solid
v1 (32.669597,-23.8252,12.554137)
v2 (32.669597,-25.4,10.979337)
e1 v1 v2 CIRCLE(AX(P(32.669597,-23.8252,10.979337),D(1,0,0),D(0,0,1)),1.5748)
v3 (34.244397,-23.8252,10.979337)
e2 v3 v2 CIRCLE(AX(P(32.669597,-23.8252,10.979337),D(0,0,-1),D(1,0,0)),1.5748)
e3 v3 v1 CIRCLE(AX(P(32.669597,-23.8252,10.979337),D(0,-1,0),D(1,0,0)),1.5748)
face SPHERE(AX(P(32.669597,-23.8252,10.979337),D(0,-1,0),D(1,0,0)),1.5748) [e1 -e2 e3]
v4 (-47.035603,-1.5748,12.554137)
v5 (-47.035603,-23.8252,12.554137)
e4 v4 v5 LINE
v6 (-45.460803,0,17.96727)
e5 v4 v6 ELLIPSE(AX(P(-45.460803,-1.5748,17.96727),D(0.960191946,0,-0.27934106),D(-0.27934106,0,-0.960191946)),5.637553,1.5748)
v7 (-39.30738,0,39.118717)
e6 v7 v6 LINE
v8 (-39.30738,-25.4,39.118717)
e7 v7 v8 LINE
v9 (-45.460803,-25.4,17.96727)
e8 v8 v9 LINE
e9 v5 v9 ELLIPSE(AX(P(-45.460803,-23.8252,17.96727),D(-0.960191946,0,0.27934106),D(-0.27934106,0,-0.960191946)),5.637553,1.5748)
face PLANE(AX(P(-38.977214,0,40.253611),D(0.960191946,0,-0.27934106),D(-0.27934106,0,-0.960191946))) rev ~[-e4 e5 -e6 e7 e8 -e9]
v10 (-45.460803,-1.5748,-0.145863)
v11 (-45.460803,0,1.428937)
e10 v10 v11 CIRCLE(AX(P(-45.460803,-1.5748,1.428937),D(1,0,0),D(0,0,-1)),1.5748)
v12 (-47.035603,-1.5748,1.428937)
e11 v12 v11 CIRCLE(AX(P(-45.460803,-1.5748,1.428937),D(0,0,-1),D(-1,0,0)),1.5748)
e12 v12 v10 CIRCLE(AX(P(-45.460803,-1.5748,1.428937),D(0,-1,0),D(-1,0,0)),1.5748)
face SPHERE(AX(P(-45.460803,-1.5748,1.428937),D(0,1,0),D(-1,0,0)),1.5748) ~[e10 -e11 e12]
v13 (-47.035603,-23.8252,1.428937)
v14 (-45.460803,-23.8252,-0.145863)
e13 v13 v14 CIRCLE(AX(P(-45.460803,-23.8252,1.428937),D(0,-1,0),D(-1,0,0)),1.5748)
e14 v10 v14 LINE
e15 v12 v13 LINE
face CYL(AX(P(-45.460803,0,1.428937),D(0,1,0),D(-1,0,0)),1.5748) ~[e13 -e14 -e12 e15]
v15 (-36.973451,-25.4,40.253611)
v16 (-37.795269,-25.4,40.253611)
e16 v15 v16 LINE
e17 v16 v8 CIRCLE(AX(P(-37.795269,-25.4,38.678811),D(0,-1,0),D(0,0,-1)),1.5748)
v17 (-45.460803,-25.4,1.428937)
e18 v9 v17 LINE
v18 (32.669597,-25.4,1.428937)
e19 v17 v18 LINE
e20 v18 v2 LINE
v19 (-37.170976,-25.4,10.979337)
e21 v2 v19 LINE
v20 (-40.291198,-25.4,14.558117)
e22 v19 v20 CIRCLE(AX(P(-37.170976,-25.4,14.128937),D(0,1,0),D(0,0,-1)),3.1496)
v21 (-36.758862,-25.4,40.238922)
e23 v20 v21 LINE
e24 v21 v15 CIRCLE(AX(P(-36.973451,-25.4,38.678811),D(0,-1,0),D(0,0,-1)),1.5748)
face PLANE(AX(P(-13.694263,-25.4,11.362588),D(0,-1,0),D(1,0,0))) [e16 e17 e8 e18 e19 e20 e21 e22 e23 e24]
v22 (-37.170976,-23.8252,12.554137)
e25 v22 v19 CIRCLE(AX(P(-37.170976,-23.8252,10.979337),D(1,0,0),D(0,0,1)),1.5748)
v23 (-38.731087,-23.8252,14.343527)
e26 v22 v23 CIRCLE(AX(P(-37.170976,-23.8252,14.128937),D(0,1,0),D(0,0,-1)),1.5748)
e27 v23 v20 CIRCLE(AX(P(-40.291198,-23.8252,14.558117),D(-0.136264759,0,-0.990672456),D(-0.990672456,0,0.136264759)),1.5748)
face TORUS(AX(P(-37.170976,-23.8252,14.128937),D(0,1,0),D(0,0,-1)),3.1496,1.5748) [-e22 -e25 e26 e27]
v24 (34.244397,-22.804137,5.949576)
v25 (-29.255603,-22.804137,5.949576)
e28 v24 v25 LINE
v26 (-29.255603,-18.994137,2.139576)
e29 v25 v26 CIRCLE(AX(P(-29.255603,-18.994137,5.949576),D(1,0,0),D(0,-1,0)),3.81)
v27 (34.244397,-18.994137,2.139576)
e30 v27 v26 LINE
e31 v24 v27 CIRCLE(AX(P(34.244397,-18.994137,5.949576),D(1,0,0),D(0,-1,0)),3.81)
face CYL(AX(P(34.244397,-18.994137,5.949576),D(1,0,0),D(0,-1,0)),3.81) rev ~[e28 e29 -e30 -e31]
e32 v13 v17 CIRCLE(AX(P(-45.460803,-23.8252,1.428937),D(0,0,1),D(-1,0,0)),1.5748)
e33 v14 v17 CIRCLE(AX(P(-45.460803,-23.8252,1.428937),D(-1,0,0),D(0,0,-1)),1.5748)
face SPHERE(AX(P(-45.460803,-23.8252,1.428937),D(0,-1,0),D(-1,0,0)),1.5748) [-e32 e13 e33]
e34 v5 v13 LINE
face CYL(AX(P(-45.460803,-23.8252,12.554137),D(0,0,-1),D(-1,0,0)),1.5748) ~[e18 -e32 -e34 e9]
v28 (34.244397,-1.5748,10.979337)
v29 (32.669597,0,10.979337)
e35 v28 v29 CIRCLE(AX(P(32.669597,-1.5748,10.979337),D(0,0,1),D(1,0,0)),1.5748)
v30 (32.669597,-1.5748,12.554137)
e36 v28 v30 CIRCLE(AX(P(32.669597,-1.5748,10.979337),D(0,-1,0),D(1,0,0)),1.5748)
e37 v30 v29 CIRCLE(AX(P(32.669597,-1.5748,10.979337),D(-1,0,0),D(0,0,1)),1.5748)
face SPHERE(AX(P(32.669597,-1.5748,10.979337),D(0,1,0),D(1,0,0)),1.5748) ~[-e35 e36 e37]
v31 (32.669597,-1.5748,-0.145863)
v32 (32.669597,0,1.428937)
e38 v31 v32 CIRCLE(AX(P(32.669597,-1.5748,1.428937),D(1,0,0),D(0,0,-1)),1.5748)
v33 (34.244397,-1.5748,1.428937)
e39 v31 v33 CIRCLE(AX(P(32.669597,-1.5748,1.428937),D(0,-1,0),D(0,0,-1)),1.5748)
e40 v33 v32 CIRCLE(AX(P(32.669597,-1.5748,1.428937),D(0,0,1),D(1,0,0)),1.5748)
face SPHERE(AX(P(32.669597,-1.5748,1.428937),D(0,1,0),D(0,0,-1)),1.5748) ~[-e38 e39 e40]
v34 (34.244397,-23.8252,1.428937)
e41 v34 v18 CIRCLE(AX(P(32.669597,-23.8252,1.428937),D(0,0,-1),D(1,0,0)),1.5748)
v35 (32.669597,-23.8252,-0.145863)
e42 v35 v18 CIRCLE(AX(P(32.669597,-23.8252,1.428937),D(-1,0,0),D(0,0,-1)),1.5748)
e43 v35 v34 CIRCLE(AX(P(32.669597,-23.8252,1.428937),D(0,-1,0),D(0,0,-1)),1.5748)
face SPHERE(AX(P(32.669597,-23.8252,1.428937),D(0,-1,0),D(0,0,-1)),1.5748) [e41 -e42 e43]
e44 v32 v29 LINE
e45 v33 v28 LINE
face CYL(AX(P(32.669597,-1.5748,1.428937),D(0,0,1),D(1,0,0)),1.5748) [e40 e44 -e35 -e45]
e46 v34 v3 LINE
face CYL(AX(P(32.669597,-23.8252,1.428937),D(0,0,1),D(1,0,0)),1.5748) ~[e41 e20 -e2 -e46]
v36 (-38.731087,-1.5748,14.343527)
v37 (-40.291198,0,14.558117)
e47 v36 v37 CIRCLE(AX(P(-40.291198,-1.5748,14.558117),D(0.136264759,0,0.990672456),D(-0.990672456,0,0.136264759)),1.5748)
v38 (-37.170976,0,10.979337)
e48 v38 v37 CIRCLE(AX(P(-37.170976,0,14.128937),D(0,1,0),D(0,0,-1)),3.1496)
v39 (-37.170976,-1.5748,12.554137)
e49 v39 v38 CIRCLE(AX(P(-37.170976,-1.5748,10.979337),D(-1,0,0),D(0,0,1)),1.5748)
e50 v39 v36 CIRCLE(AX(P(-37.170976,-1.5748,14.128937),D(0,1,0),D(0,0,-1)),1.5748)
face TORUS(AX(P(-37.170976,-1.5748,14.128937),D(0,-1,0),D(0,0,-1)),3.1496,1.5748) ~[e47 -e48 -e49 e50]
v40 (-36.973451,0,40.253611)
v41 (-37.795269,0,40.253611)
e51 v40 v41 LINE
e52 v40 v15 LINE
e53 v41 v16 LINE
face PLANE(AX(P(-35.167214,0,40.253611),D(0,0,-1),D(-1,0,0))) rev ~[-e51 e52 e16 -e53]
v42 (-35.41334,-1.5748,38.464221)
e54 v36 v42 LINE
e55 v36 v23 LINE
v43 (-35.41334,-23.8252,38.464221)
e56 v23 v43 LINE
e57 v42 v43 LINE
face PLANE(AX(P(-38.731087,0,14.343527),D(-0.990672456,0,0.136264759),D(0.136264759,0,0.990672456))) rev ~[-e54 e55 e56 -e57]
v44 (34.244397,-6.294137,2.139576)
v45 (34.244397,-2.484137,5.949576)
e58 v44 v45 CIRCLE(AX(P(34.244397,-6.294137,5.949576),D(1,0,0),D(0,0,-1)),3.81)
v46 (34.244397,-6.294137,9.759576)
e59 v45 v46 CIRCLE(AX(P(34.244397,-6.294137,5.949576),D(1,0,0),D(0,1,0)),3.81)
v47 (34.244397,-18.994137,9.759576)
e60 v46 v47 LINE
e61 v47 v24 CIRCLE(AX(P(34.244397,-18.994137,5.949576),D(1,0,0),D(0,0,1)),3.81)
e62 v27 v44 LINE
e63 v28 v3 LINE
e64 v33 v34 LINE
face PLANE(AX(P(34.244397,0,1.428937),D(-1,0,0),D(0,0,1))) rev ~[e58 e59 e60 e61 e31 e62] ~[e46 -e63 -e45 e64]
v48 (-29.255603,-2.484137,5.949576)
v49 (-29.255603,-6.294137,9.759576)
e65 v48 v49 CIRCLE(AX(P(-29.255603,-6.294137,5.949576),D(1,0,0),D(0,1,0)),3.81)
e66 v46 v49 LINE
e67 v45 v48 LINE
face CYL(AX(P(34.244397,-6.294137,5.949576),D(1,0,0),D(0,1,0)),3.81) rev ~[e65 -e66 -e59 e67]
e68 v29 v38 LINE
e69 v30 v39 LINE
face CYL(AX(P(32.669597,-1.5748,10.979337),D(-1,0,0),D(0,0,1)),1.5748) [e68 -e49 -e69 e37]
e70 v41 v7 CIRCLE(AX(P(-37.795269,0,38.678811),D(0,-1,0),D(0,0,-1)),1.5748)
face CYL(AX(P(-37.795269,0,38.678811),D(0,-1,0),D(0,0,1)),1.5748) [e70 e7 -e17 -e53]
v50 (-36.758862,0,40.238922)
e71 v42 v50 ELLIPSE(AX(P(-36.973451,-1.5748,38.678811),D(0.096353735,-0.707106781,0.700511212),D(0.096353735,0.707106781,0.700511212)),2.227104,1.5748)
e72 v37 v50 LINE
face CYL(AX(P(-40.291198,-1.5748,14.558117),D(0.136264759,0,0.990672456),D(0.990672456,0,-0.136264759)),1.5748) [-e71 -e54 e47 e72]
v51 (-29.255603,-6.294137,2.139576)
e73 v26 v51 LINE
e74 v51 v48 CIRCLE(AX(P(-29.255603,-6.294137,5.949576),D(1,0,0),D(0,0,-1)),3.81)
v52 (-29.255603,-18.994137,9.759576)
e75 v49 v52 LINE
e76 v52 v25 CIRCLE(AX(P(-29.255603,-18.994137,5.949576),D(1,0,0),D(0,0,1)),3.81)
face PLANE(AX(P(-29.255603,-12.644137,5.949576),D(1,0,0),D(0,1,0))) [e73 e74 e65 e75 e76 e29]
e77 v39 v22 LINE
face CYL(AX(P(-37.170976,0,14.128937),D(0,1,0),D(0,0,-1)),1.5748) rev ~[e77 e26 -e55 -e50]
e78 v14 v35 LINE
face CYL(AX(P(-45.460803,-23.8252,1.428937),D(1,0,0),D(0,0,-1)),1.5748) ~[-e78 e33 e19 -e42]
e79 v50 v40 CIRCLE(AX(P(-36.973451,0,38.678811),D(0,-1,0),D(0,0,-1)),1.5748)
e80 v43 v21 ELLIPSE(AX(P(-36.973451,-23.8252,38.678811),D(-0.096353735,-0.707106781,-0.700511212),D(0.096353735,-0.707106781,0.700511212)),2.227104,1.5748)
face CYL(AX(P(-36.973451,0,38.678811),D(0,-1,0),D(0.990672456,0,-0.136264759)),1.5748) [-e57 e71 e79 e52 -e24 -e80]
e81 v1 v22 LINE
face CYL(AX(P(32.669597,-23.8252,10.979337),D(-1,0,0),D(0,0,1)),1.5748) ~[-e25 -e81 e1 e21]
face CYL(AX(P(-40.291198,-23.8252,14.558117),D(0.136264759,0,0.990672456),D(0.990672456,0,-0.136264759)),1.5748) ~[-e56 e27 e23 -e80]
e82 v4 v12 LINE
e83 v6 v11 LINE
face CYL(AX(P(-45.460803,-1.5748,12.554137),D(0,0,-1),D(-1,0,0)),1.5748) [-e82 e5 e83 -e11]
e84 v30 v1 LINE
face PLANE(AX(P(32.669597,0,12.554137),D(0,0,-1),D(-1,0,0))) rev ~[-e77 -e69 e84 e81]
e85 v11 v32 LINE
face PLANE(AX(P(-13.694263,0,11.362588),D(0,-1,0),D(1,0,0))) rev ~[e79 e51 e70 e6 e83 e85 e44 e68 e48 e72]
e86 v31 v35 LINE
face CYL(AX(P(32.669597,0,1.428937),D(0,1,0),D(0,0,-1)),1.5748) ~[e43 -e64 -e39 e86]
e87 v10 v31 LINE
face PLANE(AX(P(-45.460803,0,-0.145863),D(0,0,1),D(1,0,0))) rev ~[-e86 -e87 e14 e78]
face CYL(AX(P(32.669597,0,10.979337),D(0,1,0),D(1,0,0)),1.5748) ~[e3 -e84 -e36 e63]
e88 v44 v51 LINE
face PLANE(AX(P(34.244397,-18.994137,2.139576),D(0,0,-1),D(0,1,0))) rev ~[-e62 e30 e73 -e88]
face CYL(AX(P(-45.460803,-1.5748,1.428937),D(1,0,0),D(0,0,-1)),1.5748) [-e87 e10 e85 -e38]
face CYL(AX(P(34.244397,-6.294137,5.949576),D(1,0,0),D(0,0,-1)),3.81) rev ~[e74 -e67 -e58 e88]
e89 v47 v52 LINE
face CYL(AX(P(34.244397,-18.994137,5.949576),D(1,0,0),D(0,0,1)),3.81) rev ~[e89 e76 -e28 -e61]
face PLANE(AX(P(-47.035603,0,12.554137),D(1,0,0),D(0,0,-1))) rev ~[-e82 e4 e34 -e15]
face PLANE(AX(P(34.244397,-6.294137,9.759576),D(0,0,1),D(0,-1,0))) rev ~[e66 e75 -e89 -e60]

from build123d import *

# Parameters (mm, degrees)
F1_DEPTH = 25.4
F2_R     = 1.5748
F4_DEPTH = 63.5


with BuildPart() as f1:
    # F0 (on Front) → F1 (new body)
    with BuildSketch(Plane.XZ):
        with BuildLine():
            Line((-45.4608029084, -0.1458625454), (32.6695970916, -0.1458625454))
            ThreePointArc((32.6695970916, -0.1458625454), (33.7831488506, 0.3153856956), (34.2443970916, 1.4289374546))
            Line((34.2443970916, 1.4289374546), (34.2443970916, 10.9793374546))
            ThreePointArc((34.2443970916, 10.9793374546), (33.7831488506, 12.0928892136), (32.6695970916, 12.5541374546))
            Line((32.6695970916, 12.5541374546), (-37.1709763854, 12.5541374546))
            ThreePointArc((-37.1709763854, 12.5541374546), (-38.357974904, 13.0940318759), (-38.7310873695, 14.3435271969))
            Line((-38.7310873695, 14.3435271969), (-35.1672138872, 40.2536108012))
            Line((-35.1672138872, 40.2536108012), (-38.9772138872, 40.2536108012))
            Line((-38.9772138872, 40.2536108012), (-47.0356029084, 12.5541374546))
            Line((-47.0356029084, 12.5541374546), (-47.0356029084, 1.4289374546))
            ThreePointArc((-47.0356029084, 1.4289374546), (-46.5743546674, 0.3153856956), (-45.4608029084, -0.1458625454))
        make_face()
    extrude(amount=F1_DEPTH)

    # F2
    f2_edges = [f1.edges().sort_by_distance(p)[0] for p in [
        (-2.25069, -25.4, 12.554137),
        (-2.25069, 0, 12.554137),
        (-35.167214, -12.7, 40.253611),
        (-38.977214, -12.7, 40.253611),
    ]]
    fillet(f2_edges, radius=F2_R)

    # F3 (on face) → F4 (cut)
    with BuildSketch(Plane.YZ.offset(34.2443970916)):
        with BuildLine():
            ThreePointArc((-2.4841372558, 5.9495763853), (-3.6000604195, 8.6436532216), (-6.2941372558, 9.7595763853))
            Line((-6.2941372558, 9.7595763853), (-18.9941372558, 9.7595763853))
            ThreePointArc((-18.9941372558, 9.7595763853), (-21.6882140922, 8.6436532216), (-22.8041372558, 5.9495763853))
            ThreePointArc((-22.8041372558, 5.9495763853), (-21.6882140922, 3.255499549), (-18.9941372558, 2.1395763853))
            Line((-18.9941372558, 2.1395763853), (-6.2941372558, 2.1395763853))
            ThreePointArc((-6.2941372558, 2.1395763853), (-3.6000604195, 3.255499549), (-2.4841372558, 5.9495763853))
        make_face()
    extrude(amount=-F4_DEPTH, mode=Mode.SUBTRACT)


solid = f1.part
